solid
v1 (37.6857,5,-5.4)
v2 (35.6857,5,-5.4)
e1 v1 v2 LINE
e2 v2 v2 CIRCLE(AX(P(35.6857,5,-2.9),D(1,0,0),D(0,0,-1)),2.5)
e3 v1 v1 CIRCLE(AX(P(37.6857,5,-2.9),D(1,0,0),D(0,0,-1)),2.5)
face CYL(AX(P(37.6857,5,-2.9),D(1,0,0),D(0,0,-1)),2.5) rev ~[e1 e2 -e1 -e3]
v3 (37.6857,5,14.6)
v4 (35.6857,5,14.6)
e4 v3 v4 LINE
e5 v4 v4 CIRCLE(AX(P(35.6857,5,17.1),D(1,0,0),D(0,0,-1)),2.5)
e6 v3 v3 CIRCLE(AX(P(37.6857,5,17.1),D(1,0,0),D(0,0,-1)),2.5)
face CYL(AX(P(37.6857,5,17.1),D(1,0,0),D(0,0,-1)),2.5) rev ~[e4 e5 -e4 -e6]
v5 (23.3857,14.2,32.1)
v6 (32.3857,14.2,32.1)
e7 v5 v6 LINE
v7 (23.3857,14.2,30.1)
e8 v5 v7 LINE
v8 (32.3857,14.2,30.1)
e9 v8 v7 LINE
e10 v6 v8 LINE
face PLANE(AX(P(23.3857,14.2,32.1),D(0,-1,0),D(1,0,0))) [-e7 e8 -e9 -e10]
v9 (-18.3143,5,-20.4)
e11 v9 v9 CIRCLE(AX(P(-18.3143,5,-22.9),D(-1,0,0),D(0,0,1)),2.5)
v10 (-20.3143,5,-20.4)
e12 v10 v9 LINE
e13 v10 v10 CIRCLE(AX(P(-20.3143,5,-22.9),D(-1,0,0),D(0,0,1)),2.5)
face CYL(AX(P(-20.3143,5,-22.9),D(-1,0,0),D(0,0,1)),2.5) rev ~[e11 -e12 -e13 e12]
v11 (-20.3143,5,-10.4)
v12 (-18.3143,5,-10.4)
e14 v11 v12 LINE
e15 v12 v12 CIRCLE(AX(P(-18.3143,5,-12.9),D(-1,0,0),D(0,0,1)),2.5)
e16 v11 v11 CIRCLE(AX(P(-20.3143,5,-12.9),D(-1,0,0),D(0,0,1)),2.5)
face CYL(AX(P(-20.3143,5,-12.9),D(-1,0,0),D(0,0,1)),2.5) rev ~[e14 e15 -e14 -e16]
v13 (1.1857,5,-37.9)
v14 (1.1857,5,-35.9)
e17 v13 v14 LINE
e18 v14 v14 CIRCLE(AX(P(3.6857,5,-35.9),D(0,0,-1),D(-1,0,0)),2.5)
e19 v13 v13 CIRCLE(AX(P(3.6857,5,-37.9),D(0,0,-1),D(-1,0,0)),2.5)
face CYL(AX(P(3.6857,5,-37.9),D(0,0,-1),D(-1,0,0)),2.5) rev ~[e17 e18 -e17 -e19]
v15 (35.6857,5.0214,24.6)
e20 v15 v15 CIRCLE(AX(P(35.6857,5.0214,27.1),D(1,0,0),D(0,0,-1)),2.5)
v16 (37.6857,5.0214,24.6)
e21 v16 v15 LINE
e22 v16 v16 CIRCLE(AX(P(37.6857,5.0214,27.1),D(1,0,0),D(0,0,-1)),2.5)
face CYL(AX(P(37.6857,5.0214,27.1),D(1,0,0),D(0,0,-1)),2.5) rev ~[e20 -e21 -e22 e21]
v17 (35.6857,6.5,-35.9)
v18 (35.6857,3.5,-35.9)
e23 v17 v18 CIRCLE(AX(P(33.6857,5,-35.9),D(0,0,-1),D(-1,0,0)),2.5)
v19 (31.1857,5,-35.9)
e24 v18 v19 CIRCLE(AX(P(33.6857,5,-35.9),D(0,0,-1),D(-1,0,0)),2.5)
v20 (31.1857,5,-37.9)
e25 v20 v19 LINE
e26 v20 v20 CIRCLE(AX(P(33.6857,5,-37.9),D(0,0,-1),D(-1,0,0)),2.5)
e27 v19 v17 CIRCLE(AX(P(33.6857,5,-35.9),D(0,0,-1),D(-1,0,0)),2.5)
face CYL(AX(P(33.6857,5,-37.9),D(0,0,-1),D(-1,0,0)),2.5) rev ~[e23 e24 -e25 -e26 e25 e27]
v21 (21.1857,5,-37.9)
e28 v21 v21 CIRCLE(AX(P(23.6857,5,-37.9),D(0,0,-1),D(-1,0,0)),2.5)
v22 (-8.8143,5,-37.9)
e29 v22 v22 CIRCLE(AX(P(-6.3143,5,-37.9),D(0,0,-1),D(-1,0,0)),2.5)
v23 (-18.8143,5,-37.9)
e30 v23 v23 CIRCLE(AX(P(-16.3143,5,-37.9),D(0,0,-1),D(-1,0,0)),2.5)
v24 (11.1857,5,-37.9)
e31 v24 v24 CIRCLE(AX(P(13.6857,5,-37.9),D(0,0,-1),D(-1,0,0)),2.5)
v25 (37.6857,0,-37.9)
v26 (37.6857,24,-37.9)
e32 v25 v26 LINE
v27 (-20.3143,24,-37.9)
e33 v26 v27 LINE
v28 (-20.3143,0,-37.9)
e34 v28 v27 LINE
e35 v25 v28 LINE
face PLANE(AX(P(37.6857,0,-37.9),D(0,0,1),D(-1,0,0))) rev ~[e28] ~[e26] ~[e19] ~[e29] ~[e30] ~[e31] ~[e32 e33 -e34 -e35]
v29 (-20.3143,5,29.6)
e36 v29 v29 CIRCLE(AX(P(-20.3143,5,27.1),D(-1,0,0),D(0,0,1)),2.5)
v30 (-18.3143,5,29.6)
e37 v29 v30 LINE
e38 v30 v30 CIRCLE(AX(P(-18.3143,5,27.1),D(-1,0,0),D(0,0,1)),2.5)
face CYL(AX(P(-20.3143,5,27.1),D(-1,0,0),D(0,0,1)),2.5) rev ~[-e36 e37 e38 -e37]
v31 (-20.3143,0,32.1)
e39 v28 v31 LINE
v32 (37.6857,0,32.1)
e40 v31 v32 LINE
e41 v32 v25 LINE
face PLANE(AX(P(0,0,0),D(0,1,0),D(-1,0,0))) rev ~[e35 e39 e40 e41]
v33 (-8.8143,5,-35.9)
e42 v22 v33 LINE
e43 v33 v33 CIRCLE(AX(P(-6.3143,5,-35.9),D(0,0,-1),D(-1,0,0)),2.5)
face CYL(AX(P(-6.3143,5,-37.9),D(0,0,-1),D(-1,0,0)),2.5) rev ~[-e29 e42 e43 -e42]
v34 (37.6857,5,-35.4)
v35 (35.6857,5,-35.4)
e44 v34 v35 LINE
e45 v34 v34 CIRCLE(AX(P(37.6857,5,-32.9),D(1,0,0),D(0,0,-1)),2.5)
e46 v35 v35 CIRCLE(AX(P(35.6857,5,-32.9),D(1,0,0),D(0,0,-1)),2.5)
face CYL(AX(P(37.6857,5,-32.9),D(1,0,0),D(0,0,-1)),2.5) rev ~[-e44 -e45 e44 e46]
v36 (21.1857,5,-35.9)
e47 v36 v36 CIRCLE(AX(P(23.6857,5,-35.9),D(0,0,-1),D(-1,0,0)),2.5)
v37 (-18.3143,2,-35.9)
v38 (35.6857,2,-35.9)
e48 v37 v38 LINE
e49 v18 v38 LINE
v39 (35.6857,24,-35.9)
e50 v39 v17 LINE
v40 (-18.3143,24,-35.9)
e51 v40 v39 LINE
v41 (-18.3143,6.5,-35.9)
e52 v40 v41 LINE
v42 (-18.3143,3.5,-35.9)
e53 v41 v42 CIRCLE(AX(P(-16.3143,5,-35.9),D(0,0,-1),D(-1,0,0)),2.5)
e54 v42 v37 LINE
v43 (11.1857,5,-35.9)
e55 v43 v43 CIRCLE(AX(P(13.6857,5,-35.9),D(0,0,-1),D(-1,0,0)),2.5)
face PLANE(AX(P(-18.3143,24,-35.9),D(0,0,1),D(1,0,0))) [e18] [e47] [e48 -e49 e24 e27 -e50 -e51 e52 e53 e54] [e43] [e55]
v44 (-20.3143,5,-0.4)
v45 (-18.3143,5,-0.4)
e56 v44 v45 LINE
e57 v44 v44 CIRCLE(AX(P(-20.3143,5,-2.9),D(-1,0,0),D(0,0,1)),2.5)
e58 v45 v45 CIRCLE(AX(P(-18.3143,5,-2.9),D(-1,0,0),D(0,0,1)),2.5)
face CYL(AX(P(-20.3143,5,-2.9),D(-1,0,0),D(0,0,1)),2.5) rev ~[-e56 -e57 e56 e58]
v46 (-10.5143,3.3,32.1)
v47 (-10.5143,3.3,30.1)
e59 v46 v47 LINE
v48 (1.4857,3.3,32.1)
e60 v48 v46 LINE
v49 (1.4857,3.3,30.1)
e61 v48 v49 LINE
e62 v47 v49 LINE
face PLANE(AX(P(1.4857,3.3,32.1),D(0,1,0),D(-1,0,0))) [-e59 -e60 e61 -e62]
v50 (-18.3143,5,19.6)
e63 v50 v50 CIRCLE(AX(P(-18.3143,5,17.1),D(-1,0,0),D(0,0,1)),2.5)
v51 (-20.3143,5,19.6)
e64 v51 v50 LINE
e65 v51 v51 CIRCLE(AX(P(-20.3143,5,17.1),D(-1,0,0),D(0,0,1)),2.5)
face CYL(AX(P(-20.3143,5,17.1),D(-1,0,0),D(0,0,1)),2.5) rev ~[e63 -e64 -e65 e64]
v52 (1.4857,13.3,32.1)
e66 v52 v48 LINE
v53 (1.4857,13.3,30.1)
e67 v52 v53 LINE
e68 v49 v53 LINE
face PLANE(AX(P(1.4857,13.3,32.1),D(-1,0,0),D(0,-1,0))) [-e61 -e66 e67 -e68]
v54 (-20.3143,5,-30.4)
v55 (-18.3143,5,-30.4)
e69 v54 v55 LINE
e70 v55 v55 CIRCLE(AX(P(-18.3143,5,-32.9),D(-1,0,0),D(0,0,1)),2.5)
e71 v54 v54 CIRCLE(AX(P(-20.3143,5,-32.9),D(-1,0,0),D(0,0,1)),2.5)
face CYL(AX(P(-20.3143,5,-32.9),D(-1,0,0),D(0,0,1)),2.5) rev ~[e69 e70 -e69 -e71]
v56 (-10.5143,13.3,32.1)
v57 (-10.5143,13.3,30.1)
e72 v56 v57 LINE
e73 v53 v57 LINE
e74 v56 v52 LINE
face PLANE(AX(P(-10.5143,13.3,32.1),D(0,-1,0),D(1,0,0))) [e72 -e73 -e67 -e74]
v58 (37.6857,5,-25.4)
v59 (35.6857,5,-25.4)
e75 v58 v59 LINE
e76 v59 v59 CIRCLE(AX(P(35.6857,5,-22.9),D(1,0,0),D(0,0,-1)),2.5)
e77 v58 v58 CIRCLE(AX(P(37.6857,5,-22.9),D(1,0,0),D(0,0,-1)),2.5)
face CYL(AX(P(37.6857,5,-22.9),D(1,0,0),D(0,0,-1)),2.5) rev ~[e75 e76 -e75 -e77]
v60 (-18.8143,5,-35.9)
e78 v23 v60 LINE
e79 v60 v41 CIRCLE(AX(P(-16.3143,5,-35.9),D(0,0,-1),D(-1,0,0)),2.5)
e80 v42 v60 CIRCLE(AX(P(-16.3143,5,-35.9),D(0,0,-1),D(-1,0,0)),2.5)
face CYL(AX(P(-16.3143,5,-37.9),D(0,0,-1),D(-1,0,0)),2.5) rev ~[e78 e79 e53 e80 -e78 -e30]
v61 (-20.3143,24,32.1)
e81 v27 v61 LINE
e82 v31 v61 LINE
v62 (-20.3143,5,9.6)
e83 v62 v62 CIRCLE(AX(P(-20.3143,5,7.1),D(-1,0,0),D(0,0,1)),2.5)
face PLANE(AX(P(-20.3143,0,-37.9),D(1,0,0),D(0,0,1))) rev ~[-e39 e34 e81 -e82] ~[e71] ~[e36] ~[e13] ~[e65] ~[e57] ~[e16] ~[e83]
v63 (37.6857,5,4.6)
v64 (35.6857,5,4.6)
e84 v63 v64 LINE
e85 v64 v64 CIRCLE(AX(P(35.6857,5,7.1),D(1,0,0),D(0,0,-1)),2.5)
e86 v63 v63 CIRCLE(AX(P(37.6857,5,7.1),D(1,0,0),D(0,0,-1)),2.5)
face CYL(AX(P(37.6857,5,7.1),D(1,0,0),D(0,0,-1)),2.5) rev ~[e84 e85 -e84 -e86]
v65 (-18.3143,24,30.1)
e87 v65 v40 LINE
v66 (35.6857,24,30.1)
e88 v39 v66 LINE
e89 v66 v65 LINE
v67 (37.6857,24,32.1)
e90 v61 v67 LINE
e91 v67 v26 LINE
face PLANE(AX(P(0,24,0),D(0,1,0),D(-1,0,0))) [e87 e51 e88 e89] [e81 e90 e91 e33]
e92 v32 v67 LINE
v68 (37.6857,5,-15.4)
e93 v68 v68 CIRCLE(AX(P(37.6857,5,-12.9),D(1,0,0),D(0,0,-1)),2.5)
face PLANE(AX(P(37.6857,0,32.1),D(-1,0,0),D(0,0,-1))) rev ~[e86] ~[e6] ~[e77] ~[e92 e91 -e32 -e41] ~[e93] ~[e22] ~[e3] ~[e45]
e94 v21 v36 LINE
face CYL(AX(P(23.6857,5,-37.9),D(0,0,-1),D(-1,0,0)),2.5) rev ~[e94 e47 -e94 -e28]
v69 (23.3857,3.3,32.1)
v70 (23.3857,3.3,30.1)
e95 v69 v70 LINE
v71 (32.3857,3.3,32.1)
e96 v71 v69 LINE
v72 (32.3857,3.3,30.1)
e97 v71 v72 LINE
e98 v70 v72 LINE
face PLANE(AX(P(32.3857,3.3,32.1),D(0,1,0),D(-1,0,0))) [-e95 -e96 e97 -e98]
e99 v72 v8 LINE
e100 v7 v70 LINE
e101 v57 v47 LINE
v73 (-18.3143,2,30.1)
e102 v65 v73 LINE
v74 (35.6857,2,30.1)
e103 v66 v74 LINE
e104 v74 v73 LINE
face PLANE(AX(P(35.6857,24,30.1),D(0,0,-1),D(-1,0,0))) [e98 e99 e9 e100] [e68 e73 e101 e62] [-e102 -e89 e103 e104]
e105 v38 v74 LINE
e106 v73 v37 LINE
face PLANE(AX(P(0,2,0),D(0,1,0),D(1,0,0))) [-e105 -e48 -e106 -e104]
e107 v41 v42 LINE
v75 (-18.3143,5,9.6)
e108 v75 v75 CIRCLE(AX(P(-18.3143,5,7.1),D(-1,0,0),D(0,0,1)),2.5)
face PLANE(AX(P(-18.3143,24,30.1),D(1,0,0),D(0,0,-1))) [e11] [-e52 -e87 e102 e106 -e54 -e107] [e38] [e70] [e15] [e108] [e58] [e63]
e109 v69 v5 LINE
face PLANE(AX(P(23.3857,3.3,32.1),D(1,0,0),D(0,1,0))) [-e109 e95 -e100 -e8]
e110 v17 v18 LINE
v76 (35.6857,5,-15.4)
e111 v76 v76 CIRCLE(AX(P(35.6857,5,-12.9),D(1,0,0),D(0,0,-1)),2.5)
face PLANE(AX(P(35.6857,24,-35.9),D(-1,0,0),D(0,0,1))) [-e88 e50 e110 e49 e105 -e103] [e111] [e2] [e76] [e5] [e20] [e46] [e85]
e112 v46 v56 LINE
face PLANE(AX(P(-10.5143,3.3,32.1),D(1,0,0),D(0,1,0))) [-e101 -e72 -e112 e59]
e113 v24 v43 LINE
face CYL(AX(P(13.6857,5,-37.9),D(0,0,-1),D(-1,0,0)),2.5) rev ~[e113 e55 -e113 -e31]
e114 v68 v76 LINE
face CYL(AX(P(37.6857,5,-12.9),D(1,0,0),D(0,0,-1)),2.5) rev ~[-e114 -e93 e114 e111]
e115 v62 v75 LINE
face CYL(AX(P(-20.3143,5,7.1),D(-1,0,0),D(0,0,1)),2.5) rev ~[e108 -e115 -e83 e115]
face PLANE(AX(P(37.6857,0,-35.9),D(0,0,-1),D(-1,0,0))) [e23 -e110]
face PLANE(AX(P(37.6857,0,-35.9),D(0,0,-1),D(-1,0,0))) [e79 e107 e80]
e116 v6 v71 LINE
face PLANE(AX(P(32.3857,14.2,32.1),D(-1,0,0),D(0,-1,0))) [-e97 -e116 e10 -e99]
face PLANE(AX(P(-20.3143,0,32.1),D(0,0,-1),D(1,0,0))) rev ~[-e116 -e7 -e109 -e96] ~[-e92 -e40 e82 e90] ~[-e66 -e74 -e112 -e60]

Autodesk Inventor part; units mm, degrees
ref_plane "YZ Plane" through (0, 0, 0) normal (1, 0, 0) x (0, 1, 0)
ref_plane "XZ Plane" through (0, 0, 0) normal (0, 1, 0) x (-1, 0, 0)
ref_plane "XY Plane" through (0, 0, 0) normal (0, 0, 1) x (1, 0, 0)
sketch "Sketch1" plane through (0, 0, 0) normal (0, 1, 0) x (-1, 0, 0)
  point P0 (0, 0)
sketch "Sketch2" plane through (0, 0, 0) normal (0, 1, 0) x (-1, 0, 0)
  point P0 (0, 0)
sketch "Sketch3" plane through (0, 0, 0) normal (0, 1, 0) x (-1, 0, 0)
  line L0 (20.3143, 32.1) -> (-37.6857, 32.1)
  line L1 (-37.6857, 32.1) -> (-37.6857, -37.9)
  line L2 (-37.6857, -37.9) -> (20.3143, -37.9)
  line L3 (20.3143, -37.9) -> (20.3143, 32.1)
  point P0 (0, 0)
  dimension "d0" = 70
  dimension "d1" = 58
extrude "Extrusion1" add sketch "Sketch3" along normal blind 24
sketch "Sketch4" plane through (0, 24, 0) normal (0, 1, 0) x (1, 0, 0)
  point P0 (0, 0)
sketch "Sketch5" plane through (0, 24, 0) normal (0, 1, 0) x (1, 0, 0)
  line L0 (-18.3143, 35.9) -> (35.6857, 35.9)
  line L1 (35.6857, 35.9) -> (35.6857, -30.1)
  line L2 (35.6857, -30.1) -> (-18.3143, -30.1)
  line L3 (-18.3143, -30.1) -> (-18.3143, 35.9)
  line L4 (37.6857, -32.1) -> (37.6857, 37.9) projected
  line L5 (-20.3143, -32.1) -> (37.6857, -32.1) projected
  line L6 (-20.3143, 37.9) -> (-20.3143, -32.1) projected
  line L7 (37.6857, 37.9) -> (-20.3143, 37.9) projected
  point P0 (0, 0)
  dimension "d4" = 2
  dimension "d5" = 2
  dimension "d6" = 2
  dimension "d7" = 2
extrude "Extrusion2" cut sketch "Sketch5" against normal blind 22 contours L0 L1 L2 L3
sketch "Sketch6" plane through (-20.3143, 0, 32.1) normal (0, 0, 1) x (1, 0, 0)
  line L0 (9.8, 13.3) -> (21.8, 13.3)
  line L1 (21.8, 13.3) -> (21.8, 3.3)
  line L2 (21.8, 3.3) -> (9.8, 3.3)
  line L3 (9.8, 3.3) -> (9.8, 13.3)
  line L4 (0, 0) -> (0, 24) projected
  line L5 (0, 0) -> (58, 0) projected
  point P0 (20.3143, 0)
  dimension "d10" = 9.8
  dimension "d11" = 12
  dimension "d12" = 10
  dimension "d13" = 3.3
extrude "Extrusion3" cut sketch "Sketch6" against normal blind 22.45
sketch "Sketch7" plane through (-20.3143, 0, 32.1) normal (0, 0, 1) x (1, 0, 0)
  line L0 (43.7, 14.2) -> (52.7, 14.2)
  line L1 (52.7, 14.2) -> (52.7, 3.3)
  line L2 (52.7, 3.3) -> (43.7, 3.3)
  line L3 (43.7, 3.3) -> (43.7, 14.2)
  line L4 (58, 0) -> (58, 24) projected
  line L5 (0, 0) -> (58, 0) projected
  point P0 (20.3143, 0)
  dimension "d16" = 5.3
  dimension "d17" = 9
  dimension "d18" = 10.9
  dimension "d19" = 3.3
extrude "Extrusion4" cut sketch "Sketch7" against normal blind 25.175
sketch "Sketch8" plane through (-20.3143, 0, -37.9) normal (-1, 0, 0) x (0, 0, 1)
  circle A0 centre (65, 5) radius 2.5
  line L0 (0, 0) -> (70, 0) projected
  line L1 (70, 0) -> (70, 24) projected
  circle A1 centre (55, 5) radius 2.5
  circle A2 centre (45, 5) radius 2.5
  circle A3 centre (35, 5) radius 2.5
  circle A4 centre (25, 5) radius 2.5
  circle A5 centre (15, 5) radius 2.5
  circle A6 centre (5, 5) radius 2.5
  point P0 (37.9, 0)
  point P1 (35, 0)
  dimension "d22" = 5
  dimension "d23" = 5
  dimension "d24" = 5
  dimension "d25" = 5
  dimension "d26" = 10
  dimension "d27" = 5
  dimension "d28" = 5
  dimension "d29" = 5
  dimension "d30" = 10
  dimension "d31" = 5
  dimension "d32" = 10
  dimension "d33" = 5
  dimension "d34" = 5
  dimension "d35" = 10
  dimension "d36" = 5
  dimension "d37" = 5
  dimension "d38" = 5
  dimension "d39" = 10
  dimension "d40" = 5
  dimension "d41" = 10
  dimension "d42" = 5
extrude "Extrusion5" cut sketch "Sketch8" against normal blind 44.225
sketch "Sketch9" plane through (-20.3143, 0, -37.9) normal (-1, 0, 0) x (0, 0, 1)
  point P0 (37.9, 0)
sketch "Sketch10" plane through (37.6857, 0, 32.1) normal (1, 0, 0) x (0, 0, -1)
  circle A0 centre (5, 5.0214) radius 2.5
  line L0 (0, 0) -> (0, 24) projected
  circle A1 centre (15, 5) radius 2.5
  line L1 (0, 0) -> (70, 0) projected
  circle A2 centre (25, 5) radius 2.5
  circle A3 centre (35, 5) radius 2.5
  circle A4 centre (45, 5) radius 2.5
  circle A5 centre (55, 5) radius 2.5
  circle A6 centre (65, 5) radius 2.5
  point P0 (32.1, 0)
  dimension "d45" = 5
  dimension "d46" = 5
  dimension "d47" = 5
  dimension "d48" = 10
  dimension "d49" = 5
  dimension "d50" = 5
  dimension "d51" = 5
  dimension "d52" = 10
  dimension "d53" = 5
  dimension "d54" = 5
  dimension "d55" = 10
  dimension "d56" = 5
  dimension "d57" = 10
  dimension "d58" = 5
  dimension "d59" = 5
  dimension "d60" = 5
  dimension "d61" = 10
  dimension "d62" = 5
  dimension "d63" = 10
  dimension "d64" = 5
extrude "Extrusion6" cut sketch "Sketch10" against normal blind 41.5
sketch "Sketch11" plane through (37.6857, 0, -37.9) normal (0, 0, -1) x (-1, 0, 0)
  circle A0 centre (4, 5) radius 2.5
  line L0 (0, 0) -> (0, 24) projected
  line L1 (0, 0) -> (58, 0) projected
  circle A1 centre (14, 5) radius 2.5
  circle A2 centre (24, 5) radius 2.5
  circle A3 centre (34, 5) radius 2.5
  circle A4 centre (44, 5) radius 2.5
  circle A5 centre (54, 5) radius 2.5
  point P0 (37.6857, 0)
  dimension "d67" = 5
  dimension "d68" = 4
  dimension "d69" = 5
  dimension "d70" = 5
  dimension "d71" = 10
  dimension "d72" = 5
  dimension "d73" = 5
  dimension "d74" = 10
  dimension "d75" = 5
  dimension "d76" = 5
  dimension "d77" = 10
  dimension "d78" = 5
  dimension "d79" = 5
  dimension "d80" = 10
  dimension "d81" = 5
  dimension "d82" = 5
  dimension "d83" = 10
  dimension "d84" = 5
extrude "Extrusion7" cut sketch "Sketch11" against normal blind 2
properties part number "junction box"
